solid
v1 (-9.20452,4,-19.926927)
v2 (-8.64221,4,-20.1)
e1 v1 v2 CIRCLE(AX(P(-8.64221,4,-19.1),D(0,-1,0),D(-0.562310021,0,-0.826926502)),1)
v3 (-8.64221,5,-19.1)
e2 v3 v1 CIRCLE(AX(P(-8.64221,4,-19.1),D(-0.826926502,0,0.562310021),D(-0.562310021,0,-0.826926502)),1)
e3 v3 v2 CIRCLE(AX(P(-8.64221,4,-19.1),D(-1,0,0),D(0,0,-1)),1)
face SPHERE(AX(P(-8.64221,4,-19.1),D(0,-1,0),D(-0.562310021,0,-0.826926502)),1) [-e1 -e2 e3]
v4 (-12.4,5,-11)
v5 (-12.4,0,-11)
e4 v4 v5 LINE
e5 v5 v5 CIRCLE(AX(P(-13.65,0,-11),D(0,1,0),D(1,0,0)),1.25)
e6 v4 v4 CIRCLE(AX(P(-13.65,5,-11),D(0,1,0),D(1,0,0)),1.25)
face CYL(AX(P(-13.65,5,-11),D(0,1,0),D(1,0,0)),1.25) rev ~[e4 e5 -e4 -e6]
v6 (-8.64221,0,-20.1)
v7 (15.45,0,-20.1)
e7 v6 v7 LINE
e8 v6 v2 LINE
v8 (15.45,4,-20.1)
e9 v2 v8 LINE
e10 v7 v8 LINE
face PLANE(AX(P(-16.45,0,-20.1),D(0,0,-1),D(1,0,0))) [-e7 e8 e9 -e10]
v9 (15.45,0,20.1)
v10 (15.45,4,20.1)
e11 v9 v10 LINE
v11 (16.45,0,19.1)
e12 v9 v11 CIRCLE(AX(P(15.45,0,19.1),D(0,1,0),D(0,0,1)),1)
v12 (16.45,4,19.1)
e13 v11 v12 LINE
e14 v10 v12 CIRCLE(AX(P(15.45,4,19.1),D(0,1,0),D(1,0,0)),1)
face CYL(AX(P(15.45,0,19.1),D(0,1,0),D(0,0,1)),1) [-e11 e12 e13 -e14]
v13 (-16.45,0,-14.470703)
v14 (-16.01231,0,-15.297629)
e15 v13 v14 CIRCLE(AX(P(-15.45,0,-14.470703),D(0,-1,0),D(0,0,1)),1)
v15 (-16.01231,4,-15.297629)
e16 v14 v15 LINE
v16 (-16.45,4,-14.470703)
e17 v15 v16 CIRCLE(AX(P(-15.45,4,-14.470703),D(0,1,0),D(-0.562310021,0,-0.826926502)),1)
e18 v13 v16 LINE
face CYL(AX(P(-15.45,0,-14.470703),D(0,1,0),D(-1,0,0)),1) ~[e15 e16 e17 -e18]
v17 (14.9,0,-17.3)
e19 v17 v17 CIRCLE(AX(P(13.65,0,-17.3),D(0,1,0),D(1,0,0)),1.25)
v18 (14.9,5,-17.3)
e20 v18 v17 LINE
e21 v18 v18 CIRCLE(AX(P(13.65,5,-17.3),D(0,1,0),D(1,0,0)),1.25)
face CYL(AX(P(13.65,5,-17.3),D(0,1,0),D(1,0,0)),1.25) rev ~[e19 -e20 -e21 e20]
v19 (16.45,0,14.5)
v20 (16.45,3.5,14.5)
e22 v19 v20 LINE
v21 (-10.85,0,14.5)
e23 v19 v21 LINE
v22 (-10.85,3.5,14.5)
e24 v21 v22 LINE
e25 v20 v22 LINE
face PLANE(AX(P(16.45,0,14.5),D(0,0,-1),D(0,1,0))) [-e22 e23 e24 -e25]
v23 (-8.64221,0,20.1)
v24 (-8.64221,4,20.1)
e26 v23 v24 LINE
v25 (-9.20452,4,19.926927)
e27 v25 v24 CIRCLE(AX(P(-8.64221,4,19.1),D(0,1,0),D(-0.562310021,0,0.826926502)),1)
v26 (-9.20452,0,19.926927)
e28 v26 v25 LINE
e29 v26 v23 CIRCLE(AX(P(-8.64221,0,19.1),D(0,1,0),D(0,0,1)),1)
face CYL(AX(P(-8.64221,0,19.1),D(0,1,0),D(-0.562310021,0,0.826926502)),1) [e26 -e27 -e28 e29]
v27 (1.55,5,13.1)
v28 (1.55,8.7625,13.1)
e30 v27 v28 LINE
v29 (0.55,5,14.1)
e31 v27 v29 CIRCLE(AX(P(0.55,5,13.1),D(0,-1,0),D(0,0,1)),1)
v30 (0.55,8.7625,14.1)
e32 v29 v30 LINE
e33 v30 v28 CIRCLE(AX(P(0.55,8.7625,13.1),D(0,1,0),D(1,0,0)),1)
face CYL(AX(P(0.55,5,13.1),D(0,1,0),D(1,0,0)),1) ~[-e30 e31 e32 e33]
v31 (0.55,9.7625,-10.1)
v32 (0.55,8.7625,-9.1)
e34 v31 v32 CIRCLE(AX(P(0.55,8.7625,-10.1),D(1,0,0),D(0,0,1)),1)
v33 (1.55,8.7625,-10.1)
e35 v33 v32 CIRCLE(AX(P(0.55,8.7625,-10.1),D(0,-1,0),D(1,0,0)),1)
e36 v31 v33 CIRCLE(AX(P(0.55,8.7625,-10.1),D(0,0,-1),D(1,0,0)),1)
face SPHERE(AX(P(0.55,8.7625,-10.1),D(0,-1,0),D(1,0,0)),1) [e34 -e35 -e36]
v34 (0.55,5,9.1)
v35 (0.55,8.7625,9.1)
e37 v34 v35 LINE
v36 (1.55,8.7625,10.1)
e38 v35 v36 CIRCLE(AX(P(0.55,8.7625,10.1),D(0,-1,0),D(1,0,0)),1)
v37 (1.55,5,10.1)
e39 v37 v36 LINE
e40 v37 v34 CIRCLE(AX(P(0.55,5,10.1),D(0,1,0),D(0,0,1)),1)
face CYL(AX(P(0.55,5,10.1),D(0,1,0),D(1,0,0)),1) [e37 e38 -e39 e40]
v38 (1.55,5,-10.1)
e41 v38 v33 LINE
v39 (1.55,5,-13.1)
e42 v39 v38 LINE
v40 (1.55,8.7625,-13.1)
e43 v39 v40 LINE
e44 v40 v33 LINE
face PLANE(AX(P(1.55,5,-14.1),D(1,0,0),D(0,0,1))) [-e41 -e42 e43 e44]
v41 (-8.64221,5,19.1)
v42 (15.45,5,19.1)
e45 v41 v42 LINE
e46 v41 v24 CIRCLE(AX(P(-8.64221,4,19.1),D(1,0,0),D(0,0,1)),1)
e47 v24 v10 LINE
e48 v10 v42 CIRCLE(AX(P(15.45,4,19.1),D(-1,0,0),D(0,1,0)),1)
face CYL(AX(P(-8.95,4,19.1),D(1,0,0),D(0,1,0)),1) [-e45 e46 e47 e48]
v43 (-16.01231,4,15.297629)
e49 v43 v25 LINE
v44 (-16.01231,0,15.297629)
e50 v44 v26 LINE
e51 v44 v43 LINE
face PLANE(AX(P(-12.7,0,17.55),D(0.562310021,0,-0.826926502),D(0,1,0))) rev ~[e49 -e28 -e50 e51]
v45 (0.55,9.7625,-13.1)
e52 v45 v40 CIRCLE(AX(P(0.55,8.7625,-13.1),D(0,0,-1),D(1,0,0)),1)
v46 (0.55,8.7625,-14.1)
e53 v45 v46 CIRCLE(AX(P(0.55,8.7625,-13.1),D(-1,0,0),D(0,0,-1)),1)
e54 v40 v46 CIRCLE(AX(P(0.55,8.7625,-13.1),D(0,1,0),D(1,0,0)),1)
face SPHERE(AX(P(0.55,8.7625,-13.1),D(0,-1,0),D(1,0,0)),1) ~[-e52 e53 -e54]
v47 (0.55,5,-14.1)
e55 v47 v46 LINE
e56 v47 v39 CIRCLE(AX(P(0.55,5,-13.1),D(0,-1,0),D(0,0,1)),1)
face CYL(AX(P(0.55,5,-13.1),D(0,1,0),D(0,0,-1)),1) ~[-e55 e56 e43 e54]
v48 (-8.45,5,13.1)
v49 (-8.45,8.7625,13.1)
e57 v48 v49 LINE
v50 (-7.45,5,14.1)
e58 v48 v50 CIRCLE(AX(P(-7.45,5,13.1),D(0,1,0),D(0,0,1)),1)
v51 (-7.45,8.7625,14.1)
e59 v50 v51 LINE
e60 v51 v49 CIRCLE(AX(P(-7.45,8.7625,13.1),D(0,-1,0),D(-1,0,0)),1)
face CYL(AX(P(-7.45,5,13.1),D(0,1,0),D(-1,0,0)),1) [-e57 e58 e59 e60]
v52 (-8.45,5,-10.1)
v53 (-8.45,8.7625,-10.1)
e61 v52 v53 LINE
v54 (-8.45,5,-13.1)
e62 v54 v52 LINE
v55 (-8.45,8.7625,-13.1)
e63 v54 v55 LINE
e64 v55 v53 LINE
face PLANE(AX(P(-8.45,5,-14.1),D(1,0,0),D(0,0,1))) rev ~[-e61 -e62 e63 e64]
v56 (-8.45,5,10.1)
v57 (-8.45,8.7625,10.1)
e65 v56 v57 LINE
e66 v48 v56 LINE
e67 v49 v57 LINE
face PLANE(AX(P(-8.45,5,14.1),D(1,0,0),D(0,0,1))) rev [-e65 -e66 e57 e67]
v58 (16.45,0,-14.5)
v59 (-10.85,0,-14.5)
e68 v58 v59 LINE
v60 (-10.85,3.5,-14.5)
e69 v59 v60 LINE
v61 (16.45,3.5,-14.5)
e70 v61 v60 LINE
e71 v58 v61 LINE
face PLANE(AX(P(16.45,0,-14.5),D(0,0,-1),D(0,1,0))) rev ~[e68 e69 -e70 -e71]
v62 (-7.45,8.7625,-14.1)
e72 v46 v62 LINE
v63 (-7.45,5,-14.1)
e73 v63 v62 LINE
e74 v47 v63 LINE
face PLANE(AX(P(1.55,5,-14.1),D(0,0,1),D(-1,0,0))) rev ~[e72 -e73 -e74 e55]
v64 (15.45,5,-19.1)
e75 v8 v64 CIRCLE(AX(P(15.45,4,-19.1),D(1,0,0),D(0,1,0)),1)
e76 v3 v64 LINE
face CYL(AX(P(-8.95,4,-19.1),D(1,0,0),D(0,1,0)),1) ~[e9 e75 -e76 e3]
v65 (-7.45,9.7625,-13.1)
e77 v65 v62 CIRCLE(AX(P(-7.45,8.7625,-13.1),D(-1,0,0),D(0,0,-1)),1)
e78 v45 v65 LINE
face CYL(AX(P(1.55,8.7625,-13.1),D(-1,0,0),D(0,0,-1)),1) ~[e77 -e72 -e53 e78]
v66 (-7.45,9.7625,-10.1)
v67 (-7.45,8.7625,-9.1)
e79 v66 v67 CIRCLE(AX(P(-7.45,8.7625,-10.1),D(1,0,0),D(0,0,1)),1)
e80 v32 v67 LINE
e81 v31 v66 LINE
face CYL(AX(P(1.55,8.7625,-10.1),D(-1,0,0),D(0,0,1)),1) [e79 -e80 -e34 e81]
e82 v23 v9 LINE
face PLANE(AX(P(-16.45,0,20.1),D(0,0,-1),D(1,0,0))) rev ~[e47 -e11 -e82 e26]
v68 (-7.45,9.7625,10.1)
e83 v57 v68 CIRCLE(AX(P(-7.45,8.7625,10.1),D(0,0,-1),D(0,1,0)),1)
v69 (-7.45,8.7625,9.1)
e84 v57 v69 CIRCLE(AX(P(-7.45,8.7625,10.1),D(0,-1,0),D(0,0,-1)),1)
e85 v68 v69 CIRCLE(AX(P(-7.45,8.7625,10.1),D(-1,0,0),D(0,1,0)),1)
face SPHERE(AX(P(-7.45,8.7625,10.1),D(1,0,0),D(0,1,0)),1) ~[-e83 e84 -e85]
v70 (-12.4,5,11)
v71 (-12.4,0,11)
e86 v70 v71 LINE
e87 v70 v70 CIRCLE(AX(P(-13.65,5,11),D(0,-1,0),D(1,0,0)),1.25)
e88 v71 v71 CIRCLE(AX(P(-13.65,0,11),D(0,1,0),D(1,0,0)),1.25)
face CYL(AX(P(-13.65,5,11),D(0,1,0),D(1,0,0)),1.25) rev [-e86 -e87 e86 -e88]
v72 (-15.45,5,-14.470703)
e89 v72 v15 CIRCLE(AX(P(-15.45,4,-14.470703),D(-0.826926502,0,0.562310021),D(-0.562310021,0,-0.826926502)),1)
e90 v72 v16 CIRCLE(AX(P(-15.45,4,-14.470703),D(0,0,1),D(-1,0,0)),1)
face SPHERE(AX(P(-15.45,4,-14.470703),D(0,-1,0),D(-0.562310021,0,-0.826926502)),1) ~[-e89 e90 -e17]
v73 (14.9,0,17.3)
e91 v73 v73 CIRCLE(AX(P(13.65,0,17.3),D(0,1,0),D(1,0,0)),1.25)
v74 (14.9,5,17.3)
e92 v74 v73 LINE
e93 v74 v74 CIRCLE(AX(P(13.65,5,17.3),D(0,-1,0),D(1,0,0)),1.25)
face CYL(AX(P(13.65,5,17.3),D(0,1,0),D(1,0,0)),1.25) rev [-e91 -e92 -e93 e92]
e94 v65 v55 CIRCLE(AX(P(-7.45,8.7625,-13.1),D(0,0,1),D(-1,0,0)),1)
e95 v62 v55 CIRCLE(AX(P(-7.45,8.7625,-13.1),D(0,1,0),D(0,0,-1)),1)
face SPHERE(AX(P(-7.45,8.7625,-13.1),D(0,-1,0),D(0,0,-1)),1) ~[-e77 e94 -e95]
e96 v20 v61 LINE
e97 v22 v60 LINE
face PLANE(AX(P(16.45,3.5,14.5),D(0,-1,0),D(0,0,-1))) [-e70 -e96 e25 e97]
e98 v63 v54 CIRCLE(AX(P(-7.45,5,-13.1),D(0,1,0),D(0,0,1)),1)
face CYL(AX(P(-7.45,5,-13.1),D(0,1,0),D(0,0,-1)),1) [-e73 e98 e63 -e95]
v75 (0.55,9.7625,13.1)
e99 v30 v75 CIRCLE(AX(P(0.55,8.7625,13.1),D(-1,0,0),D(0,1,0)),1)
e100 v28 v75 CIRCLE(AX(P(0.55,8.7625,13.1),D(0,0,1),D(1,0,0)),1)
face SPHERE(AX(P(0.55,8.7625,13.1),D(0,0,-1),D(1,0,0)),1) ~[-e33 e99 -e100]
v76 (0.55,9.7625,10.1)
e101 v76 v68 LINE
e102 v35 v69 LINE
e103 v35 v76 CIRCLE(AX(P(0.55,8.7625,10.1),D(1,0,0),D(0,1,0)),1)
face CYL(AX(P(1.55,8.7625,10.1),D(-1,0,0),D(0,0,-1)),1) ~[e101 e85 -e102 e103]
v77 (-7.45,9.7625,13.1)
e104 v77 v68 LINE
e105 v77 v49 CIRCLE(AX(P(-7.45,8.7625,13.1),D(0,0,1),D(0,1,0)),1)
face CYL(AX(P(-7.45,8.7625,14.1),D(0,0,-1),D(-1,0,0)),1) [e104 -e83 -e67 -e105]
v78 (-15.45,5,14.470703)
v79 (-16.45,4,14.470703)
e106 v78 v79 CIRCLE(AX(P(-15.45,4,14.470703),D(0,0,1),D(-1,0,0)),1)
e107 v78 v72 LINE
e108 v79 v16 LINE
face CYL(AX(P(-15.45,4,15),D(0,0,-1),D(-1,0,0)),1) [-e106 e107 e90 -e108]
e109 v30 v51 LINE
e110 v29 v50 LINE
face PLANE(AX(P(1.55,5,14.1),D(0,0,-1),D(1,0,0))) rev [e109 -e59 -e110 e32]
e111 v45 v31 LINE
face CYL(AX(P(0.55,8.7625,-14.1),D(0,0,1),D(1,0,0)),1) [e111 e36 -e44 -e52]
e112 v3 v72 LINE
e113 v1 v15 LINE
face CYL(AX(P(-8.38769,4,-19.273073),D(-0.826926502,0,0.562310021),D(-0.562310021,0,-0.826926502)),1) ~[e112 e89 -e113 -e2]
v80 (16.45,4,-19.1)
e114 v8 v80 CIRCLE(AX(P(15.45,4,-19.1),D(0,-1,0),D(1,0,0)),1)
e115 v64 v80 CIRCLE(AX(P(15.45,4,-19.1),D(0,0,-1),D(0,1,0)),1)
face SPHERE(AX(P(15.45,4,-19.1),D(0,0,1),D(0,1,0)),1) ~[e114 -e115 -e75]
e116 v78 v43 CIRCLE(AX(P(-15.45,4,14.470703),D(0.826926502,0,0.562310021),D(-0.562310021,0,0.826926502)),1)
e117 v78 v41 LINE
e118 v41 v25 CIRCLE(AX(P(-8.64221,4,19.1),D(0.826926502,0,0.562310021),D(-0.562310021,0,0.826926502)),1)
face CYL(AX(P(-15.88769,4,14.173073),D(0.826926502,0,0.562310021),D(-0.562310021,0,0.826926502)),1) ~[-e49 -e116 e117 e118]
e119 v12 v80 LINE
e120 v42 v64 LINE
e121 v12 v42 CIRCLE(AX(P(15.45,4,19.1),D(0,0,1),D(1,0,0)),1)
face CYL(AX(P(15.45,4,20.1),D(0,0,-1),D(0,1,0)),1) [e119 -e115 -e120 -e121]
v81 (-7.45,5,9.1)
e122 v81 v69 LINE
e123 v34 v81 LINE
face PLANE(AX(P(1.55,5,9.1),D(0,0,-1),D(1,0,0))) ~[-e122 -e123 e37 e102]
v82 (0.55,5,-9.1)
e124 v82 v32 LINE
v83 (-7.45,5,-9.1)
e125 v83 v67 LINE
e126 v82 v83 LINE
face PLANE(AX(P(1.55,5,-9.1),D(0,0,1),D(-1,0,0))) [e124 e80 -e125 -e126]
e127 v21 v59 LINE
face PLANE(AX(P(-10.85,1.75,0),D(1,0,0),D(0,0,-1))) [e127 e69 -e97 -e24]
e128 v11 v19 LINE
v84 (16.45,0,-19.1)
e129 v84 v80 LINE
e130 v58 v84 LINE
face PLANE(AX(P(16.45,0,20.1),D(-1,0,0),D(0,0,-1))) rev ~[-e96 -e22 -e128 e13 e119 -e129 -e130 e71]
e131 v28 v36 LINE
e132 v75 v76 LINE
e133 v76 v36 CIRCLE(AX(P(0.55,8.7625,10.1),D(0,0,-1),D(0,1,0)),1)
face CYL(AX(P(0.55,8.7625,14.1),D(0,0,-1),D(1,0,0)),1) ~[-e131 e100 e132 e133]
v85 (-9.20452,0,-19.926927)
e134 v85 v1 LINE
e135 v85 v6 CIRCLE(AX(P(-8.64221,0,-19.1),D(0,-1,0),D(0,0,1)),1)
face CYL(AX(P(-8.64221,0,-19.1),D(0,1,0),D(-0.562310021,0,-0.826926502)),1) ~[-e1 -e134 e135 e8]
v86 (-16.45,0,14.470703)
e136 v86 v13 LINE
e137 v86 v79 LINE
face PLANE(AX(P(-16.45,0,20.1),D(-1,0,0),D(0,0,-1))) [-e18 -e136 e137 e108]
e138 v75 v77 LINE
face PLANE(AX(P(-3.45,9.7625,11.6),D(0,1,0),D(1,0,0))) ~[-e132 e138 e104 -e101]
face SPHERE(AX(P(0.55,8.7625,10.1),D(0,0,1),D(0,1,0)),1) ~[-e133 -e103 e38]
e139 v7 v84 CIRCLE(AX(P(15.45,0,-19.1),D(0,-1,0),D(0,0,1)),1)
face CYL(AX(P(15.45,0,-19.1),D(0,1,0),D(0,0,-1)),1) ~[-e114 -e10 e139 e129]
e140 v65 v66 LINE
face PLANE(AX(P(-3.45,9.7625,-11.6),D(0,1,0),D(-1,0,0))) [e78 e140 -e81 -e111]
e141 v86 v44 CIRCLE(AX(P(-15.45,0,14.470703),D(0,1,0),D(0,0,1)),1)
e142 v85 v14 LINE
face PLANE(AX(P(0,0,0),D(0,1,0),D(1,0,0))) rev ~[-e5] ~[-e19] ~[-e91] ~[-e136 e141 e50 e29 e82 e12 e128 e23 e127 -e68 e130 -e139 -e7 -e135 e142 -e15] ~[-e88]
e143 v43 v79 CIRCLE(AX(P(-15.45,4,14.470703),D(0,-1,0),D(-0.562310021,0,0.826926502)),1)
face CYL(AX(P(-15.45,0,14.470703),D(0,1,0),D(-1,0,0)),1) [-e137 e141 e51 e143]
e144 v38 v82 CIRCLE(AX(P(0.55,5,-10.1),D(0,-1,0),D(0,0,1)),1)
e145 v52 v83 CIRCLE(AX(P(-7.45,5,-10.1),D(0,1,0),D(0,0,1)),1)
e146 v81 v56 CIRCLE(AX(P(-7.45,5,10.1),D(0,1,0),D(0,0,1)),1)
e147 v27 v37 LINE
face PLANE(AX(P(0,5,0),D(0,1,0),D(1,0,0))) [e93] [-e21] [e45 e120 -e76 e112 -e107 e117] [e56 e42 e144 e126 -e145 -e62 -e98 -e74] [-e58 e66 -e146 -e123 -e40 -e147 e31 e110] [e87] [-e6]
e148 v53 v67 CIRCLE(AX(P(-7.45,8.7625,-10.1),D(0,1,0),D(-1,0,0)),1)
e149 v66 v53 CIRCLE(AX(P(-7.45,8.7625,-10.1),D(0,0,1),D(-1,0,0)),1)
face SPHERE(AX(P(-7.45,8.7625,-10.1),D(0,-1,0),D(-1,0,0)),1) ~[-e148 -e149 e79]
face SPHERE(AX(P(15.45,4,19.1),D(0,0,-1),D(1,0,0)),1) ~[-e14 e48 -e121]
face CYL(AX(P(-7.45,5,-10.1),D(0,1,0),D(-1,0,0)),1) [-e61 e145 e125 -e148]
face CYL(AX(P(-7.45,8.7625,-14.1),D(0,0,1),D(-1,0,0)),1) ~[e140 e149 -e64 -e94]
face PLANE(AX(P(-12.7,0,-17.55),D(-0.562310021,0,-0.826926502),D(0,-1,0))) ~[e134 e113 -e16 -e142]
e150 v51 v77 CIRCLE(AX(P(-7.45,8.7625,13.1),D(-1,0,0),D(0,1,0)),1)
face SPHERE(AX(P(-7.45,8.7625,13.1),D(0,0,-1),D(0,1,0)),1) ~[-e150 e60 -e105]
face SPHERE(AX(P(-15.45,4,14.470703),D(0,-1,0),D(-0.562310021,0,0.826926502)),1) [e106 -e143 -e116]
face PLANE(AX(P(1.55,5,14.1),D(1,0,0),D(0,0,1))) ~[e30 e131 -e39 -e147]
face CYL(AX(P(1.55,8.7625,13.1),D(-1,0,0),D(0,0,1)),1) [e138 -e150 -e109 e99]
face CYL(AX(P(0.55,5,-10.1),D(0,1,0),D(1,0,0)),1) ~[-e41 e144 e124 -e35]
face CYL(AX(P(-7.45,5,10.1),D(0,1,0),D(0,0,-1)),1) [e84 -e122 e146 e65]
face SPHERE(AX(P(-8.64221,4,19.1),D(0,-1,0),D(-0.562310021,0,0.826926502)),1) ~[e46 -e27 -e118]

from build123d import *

# Parameters (mm, degrees)
SKETCH1_W           = 32.9
SKETCH1_H           = 40.2
BOSS_EXTRUDE1_DEPTH = 5
SKETCH2_W           = 29
SKETCH2_H           = 3.5
CUT_EXTRUDE1_DEPTH  = 27.3
SKETCH3_R           = 1.25
CUT_EXTRUDE2_DEPTH  = 6
SKETCH4_W           = 10
SKETCH4_H           = 5
BOSS_EXTRUDE2_DEPTH = 4.7625
CHAMFER1_SIZE       = 7.5
CHAMFER1_SIZE2      = 5.1
CHAMFER2_SIZE       = 5.1
CHAMFER2_SIZE2      = 7.5
FILLET1_R           = 1


with BuildPart() as part:
    # Sketch1 → Boss-Extrude1 (new body)
    with BuildSketch(Plane(origin=(0, 0, 0), x_dir=(1, 0, 0), z_dir=(0, 1, 0))):
        Rectangle(SKETCH1_W, SKETCH1_H)
    extrude(amount=BOSS_EXTRUDE1_DEPTH)

    # Sketch2 → Cut-Extrude1 (cut)
    with BuildSketch(Plane(origin=(16.45, 0, 0), x_dir=(0, 0, -1), z_dir=(1, 0, 0))):
        with Locations((0, 1.75)):
            Rectangle(SKETCH2_W, SKETCH2_H)
    extrude(amount=-CUT_EXTRUDE1_DEPTH, mode=Mode.SUBTRACT)

    # Sketch3 → Cut-Extrude2 (cut, through all)
    with BuildSketch(Plane(origin=(0, 5, 0), x_dir=(1, 0, 0), z_dir=(0, 1, 0))):
        with Locations((13.65, 17.3)):
            Circle(SKETCH3_R)
        with Locations((-13.65, 11)):
            Circle(SKETCH3_R)
    cut_extrude2 = extrude(amount=-CUT_EXTRUDE2_DEPTH, mode=Mode.SUBTRACT)

    # Sketch4 → Boss-Extrude2 (add)
    with BuildSketch(Plane(origin=(0, 5, 0), x_dir=(-1, 0, 0), z_dir=(0, 1, 0))):
        with Locations((3.45, -11.6)):
            Rectangle(SKETCH4_W, SKETCH4_H)
    boss_extrude2 = extrude(amount=BOSS_EXTRUDE2_DEPTH)

    # Mirror1: Cut-Extrude2, Boss-Extrude2 across plane
    add(cut_extrude2.mirror(Plane.XY), mode=Mode.SUBTRACT)
    add(boss_extrude2.mirror(Plane.XY))

    # Chamfer1
    chamfer1_edges = [part.edges().sort_by_distance(p)[0] for p in [
        (-16.45, 2.5, -20.1),
    ]]
    chamfer1_side = [part.faces().sort_by_distance(p)[0] for p in [
        (0, 2.5, -20.1),
    ]]
    chamfer(chamfer1_edges, length=CHAMFER1_SIZE, length2=CHAMFER1_SIZE2, reference=chamfer1_side[0])

    # Chamfer2
    chamfer2_edges = [part.edges().sort_by_distance(p)[0] for p in [
        (-16.45, 2.5, 20.1),
    ]]
    chamfer2_side = [part.faces().sort_by_distance(p)[0] for p in [
        (-16.45, 2.5, 2.55),
    ]]
    chamfer(chamfer2_edges, length=CHAMFER2_SIZE, length2=CHAMFER2_SIZE2, reference=chamfer2_side[0])

    # Fillet1
    fillet1_edges = [part.edges().sort_by_distance(p)[0] for p in [
        (1.55, 7.38125, -9.1),
        (1.55, 7.38125, -14.1),
        (16.45, 5, 0),
        (-8.45, 7.38125, -14.1),
        (-8.45, 7.38125, -9.1),
        (1.55, 9.7625, -11.6),
        (-3.45, 9.7625, -14.1),
        (-8.45, 9.7625, -11.6),
        (-3.45, 9.7625, -9.1),
        (1.55, 9.7625, 11.6),
        (1.55, 7.38125, 14.1),
        (-3.45, 9.7625, 9.1),
        (1.55, 7.38125, 9.1),
        (-8.45, 9.7625, 11.6),
        (-8.45, 7.38125, 9.1),
        (-3.45, 9.7625, 14.1),
        (-8.45, 7.38125, 14.1),
        (3.75, 5, -20.1),
        (-16.45, 5, 0),
        (-16.45, 2.5, -15),
        (-8.95, 2.5, -20.1),
        (-12.7, 5, -17.55),
        (16.45, 2.5, 20.1),
        (3.75, 5, 20.1),
        (-8.95, 2.5, 20.1),
        (16.45, 2.5, -20.1),
        (-16.45, 2.5, 15),
        (-12.7, 5, 17.55),
    ]]
    fillet(fillet1_edges, radius=FILLET1_R)


solid = part.part
